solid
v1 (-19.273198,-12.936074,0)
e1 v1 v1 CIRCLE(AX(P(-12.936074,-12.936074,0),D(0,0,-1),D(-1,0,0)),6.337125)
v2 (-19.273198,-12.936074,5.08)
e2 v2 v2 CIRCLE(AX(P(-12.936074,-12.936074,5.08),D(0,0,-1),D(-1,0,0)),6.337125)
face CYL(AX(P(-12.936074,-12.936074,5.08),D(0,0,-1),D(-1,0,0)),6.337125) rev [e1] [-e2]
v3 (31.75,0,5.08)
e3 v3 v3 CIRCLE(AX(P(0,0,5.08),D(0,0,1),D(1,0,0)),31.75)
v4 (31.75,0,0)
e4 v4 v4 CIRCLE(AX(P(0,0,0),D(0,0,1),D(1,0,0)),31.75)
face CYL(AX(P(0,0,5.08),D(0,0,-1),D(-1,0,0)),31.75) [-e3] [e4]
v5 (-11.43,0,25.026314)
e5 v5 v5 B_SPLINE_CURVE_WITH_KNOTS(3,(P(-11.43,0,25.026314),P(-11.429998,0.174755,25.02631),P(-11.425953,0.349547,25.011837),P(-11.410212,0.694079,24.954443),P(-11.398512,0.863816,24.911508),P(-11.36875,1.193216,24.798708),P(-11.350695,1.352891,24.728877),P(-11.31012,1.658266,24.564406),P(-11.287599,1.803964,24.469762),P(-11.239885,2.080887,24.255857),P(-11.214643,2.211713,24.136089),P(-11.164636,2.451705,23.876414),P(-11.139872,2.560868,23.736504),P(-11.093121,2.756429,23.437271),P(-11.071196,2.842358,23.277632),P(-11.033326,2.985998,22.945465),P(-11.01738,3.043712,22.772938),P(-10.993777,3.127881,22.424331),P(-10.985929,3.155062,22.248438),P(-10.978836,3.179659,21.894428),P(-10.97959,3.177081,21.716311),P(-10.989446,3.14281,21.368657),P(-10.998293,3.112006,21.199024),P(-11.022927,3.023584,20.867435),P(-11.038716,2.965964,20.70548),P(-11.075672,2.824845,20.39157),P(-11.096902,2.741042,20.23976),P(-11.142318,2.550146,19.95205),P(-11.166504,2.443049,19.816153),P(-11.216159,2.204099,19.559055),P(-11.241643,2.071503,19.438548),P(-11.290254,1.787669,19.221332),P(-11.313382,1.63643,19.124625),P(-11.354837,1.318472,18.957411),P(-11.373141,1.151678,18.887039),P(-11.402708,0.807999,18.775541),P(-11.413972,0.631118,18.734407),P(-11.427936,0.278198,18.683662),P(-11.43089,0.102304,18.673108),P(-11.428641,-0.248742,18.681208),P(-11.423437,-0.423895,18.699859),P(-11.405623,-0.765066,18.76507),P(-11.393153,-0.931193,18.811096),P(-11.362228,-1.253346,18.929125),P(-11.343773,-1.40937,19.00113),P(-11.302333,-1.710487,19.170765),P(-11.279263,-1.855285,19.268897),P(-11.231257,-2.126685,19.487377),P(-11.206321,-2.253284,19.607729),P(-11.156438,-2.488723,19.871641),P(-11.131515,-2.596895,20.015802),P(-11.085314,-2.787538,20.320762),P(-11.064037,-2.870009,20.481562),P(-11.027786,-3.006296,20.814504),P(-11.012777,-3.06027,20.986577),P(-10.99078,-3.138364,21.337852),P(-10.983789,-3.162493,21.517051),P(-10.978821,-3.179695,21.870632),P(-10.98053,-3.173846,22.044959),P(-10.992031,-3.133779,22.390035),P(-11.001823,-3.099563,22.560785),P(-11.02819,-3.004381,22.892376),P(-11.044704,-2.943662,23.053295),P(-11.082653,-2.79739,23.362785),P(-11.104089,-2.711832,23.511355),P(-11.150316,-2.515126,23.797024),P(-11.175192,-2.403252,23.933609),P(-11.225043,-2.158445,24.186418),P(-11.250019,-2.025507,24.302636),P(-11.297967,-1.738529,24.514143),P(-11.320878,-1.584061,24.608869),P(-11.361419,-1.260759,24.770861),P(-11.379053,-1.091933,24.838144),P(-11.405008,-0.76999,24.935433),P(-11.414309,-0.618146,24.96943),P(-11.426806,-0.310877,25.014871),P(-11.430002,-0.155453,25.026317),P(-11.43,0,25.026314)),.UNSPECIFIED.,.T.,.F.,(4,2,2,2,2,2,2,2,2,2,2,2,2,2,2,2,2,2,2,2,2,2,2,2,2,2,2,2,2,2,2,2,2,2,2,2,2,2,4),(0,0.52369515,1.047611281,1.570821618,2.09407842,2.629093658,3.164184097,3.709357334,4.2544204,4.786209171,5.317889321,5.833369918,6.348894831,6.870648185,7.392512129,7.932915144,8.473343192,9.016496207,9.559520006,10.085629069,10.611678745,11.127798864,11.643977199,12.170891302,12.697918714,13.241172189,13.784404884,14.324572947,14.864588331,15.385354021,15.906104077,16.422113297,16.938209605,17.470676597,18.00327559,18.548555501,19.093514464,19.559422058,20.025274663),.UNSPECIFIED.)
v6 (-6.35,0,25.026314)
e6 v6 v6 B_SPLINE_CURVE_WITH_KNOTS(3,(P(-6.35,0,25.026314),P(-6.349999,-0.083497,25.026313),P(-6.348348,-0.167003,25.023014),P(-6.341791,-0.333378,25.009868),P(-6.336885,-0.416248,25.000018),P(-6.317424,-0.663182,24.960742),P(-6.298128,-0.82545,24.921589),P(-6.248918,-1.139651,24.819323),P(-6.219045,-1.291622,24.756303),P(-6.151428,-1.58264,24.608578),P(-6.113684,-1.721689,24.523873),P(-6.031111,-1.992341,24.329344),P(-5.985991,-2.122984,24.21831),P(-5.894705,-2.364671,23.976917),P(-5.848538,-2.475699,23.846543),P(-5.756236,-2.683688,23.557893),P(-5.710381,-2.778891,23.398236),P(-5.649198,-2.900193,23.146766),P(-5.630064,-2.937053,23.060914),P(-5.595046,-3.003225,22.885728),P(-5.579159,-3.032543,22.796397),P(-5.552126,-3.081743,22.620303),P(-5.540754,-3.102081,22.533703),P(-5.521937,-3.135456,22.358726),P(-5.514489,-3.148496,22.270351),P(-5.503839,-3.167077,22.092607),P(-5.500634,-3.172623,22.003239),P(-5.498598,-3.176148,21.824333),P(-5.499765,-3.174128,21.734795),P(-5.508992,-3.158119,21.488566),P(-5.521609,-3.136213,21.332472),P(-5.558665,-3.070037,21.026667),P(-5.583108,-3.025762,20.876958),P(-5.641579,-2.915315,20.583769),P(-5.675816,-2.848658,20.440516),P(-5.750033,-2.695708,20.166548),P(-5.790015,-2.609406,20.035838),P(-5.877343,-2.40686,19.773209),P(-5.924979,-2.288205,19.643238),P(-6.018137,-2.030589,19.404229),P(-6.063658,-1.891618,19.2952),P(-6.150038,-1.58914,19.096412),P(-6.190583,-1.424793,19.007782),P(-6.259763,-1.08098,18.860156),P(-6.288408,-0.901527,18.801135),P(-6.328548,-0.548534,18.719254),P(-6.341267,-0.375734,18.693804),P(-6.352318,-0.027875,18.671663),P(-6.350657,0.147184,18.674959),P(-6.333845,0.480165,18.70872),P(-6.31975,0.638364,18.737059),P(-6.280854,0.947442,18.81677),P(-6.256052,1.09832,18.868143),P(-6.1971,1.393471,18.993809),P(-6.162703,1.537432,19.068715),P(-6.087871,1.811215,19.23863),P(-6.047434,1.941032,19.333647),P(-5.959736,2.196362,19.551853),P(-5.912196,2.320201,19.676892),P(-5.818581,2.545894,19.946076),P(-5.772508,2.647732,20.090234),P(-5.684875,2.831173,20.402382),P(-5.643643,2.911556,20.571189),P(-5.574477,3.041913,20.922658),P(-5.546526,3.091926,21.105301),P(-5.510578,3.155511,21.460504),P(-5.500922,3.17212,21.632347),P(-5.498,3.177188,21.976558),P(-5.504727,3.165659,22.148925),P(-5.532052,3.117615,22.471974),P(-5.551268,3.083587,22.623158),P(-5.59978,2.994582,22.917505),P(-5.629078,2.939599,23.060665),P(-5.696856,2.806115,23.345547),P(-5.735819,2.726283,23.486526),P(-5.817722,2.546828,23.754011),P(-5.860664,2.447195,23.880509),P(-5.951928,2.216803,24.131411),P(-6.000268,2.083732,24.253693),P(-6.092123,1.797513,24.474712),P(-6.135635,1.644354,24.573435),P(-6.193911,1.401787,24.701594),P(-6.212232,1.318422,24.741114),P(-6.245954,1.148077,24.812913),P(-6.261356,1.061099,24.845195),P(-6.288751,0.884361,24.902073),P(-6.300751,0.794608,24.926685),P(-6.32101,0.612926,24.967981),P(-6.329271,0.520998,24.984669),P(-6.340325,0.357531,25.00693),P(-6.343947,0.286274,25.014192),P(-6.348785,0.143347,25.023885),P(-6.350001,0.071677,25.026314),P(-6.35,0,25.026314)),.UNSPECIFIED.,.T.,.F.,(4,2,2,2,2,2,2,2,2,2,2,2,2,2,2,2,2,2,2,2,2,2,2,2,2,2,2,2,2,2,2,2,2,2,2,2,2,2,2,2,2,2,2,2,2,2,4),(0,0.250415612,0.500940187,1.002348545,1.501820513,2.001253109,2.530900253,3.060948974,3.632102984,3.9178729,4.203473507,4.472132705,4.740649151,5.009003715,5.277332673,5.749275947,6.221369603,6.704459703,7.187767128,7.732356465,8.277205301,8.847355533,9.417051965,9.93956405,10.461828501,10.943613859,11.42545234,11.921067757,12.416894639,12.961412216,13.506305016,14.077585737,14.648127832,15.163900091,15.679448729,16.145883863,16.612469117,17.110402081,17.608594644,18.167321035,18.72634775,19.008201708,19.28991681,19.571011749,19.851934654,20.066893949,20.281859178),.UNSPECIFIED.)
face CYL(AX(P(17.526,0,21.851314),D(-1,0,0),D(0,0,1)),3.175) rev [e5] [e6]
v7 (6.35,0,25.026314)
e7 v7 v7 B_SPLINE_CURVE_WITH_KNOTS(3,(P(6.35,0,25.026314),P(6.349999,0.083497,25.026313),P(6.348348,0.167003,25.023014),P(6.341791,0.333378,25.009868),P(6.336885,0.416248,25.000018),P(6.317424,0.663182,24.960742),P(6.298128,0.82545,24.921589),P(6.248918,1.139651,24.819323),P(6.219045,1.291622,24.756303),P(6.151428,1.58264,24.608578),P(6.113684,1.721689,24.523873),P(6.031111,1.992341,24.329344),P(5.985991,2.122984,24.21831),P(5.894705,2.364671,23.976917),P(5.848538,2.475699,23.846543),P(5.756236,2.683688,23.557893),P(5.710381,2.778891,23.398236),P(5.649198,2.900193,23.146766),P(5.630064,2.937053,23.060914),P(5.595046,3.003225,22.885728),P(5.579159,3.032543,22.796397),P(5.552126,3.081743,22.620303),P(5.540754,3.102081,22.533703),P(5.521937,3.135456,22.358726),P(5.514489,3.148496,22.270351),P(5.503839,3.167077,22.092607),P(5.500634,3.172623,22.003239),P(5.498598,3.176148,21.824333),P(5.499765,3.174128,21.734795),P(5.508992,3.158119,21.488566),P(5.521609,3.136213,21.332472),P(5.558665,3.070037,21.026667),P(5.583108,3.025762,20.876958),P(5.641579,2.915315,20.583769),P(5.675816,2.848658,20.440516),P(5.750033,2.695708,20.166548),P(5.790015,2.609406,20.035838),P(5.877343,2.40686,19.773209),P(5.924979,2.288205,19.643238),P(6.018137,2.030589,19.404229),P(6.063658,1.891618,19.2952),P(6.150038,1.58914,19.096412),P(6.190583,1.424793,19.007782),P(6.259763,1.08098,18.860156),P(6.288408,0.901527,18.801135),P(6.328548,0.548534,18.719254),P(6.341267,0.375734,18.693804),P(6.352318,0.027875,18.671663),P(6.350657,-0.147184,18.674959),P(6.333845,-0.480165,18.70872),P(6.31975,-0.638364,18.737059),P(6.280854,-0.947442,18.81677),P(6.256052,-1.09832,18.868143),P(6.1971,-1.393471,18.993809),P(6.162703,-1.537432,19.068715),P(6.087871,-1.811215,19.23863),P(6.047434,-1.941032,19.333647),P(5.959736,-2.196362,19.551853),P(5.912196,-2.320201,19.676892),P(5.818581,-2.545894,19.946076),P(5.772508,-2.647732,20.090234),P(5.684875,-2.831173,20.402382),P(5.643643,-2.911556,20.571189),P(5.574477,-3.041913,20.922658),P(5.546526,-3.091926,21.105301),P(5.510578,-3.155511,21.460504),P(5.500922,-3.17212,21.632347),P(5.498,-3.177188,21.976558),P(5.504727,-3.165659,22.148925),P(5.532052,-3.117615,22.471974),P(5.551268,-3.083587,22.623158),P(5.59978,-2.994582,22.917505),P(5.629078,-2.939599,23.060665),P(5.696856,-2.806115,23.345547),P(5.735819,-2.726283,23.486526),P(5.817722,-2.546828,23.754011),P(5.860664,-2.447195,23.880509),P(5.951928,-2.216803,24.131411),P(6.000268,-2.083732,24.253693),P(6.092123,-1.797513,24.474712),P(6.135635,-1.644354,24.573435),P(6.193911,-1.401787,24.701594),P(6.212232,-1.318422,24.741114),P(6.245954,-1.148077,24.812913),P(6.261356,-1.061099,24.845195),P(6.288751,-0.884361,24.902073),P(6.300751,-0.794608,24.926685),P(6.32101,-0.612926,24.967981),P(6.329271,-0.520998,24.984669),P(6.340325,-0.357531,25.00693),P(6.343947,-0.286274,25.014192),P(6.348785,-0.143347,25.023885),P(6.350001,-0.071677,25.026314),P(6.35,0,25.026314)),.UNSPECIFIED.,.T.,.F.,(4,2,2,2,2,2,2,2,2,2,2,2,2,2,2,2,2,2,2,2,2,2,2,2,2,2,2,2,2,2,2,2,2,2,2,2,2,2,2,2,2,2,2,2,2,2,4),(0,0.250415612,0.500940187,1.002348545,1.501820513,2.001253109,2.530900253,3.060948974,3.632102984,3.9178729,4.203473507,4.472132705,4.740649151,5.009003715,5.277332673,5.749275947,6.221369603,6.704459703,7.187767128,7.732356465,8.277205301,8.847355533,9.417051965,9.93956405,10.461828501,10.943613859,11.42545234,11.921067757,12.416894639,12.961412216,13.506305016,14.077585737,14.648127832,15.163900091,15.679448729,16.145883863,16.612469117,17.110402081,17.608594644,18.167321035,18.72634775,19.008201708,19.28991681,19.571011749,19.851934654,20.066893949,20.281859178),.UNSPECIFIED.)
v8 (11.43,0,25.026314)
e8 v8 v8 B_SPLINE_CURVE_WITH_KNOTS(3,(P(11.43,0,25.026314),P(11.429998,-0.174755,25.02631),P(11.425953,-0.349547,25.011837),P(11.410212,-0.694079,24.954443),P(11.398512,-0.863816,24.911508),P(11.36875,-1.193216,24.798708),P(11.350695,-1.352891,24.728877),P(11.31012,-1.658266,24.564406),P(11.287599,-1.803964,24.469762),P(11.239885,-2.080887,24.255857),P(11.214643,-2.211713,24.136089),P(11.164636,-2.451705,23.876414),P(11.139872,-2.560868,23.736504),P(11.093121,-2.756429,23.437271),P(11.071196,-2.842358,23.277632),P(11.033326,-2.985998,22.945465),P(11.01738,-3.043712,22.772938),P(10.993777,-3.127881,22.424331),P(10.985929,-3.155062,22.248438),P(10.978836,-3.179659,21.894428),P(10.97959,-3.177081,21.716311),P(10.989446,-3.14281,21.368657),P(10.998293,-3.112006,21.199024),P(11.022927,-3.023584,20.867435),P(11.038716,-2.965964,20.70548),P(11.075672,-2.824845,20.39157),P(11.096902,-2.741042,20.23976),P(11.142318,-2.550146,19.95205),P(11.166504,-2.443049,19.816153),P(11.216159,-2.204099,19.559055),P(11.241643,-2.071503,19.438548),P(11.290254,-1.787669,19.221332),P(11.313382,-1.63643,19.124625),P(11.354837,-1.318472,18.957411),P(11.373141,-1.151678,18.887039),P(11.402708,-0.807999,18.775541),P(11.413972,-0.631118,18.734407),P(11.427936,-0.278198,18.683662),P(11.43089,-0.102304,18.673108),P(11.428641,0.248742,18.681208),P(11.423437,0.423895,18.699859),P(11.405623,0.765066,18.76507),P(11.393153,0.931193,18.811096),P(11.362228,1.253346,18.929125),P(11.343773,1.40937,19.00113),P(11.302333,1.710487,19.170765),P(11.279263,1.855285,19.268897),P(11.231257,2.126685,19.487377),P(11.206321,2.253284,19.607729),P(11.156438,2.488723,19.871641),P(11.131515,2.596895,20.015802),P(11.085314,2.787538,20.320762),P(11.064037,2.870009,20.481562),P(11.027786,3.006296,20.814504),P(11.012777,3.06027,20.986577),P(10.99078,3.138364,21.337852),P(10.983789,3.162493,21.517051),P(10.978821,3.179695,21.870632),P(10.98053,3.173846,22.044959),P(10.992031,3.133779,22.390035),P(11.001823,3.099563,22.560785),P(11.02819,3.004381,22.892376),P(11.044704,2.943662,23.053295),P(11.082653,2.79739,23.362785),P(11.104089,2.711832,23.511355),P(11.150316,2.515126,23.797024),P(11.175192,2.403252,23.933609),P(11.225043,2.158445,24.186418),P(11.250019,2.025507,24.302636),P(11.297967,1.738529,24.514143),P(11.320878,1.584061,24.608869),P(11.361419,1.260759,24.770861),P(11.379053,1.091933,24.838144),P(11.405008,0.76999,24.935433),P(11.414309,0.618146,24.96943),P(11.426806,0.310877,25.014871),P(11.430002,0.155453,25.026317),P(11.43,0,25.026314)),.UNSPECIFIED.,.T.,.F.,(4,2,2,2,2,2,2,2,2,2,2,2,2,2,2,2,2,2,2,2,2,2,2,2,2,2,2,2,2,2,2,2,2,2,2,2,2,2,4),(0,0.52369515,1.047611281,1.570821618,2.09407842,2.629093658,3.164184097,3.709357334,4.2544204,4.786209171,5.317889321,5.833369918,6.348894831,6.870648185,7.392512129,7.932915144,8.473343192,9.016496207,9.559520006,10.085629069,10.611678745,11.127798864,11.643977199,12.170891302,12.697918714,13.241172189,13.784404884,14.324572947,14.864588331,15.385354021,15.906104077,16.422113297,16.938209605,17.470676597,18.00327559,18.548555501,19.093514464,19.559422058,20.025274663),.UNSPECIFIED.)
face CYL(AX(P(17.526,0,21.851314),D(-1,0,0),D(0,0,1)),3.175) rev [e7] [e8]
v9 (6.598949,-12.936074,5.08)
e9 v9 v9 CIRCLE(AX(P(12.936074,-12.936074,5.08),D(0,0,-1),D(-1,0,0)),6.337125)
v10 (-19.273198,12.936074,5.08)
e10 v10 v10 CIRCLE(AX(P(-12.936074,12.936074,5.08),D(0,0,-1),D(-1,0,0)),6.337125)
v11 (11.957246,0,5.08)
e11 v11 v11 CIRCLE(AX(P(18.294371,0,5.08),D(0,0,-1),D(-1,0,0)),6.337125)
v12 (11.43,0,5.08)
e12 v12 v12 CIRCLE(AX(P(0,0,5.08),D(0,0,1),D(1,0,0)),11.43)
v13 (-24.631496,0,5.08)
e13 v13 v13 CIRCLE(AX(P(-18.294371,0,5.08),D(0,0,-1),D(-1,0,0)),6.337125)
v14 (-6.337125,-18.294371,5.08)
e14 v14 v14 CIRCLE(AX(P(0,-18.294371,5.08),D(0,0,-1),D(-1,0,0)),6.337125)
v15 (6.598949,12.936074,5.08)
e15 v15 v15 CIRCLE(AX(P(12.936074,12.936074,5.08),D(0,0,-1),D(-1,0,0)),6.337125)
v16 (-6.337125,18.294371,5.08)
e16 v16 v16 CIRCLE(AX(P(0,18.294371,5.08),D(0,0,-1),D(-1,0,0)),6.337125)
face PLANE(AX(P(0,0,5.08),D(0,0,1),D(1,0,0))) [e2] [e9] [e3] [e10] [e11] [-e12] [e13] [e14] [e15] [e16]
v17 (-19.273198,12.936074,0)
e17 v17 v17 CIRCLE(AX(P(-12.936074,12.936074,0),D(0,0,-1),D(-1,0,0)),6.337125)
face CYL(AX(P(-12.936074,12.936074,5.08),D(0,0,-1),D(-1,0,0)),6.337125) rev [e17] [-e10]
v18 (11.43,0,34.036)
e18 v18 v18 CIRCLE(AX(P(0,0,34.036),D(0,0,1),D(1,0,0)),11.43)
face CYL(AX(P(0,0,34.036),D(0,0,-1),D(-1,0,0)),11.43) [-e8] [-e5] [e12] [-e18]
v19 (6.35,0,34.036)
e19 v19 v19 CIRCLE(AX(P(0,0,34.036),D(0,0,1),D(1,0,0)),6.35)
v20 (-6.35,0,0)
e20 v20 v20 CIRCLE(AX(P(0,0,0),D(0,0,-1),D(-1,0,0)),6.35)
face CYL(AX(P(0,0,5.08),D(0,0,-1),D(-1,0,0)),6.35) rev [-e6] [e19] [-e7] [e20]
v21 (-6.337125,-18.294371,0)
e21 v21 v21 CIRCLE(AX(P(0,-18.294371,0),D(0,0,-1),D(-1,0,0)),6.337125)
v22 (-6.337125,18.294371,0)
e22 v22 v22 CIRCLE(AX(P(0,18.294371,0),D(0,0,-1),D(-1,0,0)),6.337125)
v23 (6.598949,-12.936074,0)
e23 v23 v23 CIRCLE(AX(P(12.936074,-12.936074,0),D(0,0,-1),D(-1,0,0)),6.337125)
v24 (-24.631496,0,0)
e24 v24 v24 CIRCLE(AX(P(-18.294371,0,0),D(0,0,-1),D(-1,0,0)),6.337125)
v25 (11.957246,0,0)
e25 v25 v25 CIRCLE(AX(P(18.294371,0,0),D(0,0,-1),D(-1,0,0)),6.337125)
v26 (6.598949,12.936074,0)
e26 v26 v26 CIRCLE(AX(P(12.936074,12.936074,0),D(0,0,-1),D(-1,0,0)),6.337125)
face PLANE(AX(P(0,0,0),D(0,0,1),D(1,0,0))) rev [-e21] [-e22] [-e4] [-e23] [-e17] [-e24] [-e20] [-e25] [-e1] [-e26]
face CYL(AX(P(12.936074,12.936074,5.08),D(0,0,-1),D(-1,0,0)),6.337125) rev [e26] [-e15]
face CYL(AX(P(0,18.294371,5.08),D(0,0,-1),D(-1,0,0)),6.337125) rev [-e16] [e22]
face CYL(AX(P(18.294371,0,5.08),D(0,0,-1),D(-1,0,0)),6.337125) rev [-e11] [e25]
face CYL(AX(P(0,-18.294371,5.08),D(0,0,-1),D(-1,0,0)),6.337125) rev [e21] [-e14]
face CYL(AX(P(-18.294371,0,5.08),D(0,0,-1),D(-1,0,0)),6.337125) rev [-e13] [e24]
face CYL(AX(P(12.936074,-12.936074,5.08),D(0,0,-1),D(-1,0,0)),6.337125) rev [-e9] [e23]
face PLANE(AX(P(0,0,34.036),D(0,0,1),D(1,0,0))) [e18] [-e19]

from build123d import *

# Parameters (mm, degrees)
SKETCH1_R               = 31.75
BOSS_EXTRUDE1_DEPTH     = 5.08
SKETCH2_R               = 6.35
CUT_EXTRUDE1_DEPTH      = 5.08
SKETCH3_R               = 11.43
BOSS_EXTRUDE2_DEPTH     = 28.956
CUT_EXTRUDE2_START      = -29.21
SKETCH5_R               = 6.35
CUT_EXTRUDE2_DEPTH      = 29.21
SKETCH6_R               = 6.337124867
CUT_EXTRUDE3_DEPTH      = 5.08
CUT_EXTRUDE4_DEPTH      = 17.526
CUT_EXTRUDE4_DEPTH_BACK = 11.938
SKETCH7_R               = 3.175


with BuildPart() as part:
    # Sketch1 → Boss-Extrude1 (new body)
    with BuildSketch(Plane.XY):
        Circle(SKETCH1_R)
    extrude(amount=BOSS_EXTRUDE1_DEPTH)

    # Sketch2 → Cut-Extrude1 (cut)
    with BuildSketch(Plane(origin=(0, 0, 0), x_dir=(-1, 0, 0), z_dir=(0, 0, -1))):
        Circle(SKETCH2_R)
    extrude(amount=-CUT_EXTRUDE1_DEPTH, mode=Mode.SUBTRACT)

    # Sketch3 → Boss-Extrude2 (add)
    with BuildSketch(Plane.XY.offset(5.08)):
        with Locations(Location((0, 0, 0), (0, 0, 180))):
            Circle(SKETCH3_R)
    extrude(amount=BOSS_EXTRUDE2_DEPTH)

    # Sketch5 → Cut-Extrude2 (cut)
    with BuildSketch(Plane.XY.offset(34.036).offset(CUT_EXTRUDE2_START)):
        with Locations(Location((0, 0, 0), (0, 0, 180))):
            Circle(SKETCH5_R)
    extrude(amount=CUT_EXTRUDE2_DEPTH, mode=Mode.SUBTRACT)

    # Sketch6 → Cut-Extrude3 (cut)
    with BuildSketch(Plane(origin=(0, 0, 0), x_dir=(-1, 0, 0), z_dir=(0, 0, -1))):
        with Locations((0, 18.294370769)):
            Circle(SKETCH6_R)
        with Locations((12.936073628, 12.936073628)):
            Circle(SKETCH6_R)
        with Locations((18.294370769, 0)):
            Circle(SKETCH6_R)
        with Locations((12.936073628, -12.936073628)):
            Circle(SKETCH6_R)
        with Locations((0, -18.294370769)):
            Circle(SKETCH6_R)
        with Locations((-12.936073628, -12.936073628)):
            Circle(SKETCH6_R)
        with Locations((-18.294370769, 0)):
            Circle(SKETCH6_R)
        with Locations((-12.936073628, 12.936073628)):
            Circle(SKETCH6_R)
    extrude(amount=-CUT_EXTRUDE3_DEPTH, mode=Mode.SUBTRACT)

    # Sketch7 → Cut-Extrude4 (cut, two sides: drawn at the far end of the back side and taken through both)
    with BuildSketch(Plane(origin=(0, 0, 0), x_dir=(0, 0, -1), z_dir=(1, 0, 0)).offset(-CUT_EXTRUDE4_DEPTH_BACK)):
        with Locations(Location((-21.851313678, 0, 0), (0, 0, 180))):
            Circle(SKETCH7_R)
    extrude(amount=CUT_EXTRUDE4_DEPTH + CUT_EXTRUDE4_DEPTH_BACK, mode=Mode.SUBTRACT)


solid = part.part
